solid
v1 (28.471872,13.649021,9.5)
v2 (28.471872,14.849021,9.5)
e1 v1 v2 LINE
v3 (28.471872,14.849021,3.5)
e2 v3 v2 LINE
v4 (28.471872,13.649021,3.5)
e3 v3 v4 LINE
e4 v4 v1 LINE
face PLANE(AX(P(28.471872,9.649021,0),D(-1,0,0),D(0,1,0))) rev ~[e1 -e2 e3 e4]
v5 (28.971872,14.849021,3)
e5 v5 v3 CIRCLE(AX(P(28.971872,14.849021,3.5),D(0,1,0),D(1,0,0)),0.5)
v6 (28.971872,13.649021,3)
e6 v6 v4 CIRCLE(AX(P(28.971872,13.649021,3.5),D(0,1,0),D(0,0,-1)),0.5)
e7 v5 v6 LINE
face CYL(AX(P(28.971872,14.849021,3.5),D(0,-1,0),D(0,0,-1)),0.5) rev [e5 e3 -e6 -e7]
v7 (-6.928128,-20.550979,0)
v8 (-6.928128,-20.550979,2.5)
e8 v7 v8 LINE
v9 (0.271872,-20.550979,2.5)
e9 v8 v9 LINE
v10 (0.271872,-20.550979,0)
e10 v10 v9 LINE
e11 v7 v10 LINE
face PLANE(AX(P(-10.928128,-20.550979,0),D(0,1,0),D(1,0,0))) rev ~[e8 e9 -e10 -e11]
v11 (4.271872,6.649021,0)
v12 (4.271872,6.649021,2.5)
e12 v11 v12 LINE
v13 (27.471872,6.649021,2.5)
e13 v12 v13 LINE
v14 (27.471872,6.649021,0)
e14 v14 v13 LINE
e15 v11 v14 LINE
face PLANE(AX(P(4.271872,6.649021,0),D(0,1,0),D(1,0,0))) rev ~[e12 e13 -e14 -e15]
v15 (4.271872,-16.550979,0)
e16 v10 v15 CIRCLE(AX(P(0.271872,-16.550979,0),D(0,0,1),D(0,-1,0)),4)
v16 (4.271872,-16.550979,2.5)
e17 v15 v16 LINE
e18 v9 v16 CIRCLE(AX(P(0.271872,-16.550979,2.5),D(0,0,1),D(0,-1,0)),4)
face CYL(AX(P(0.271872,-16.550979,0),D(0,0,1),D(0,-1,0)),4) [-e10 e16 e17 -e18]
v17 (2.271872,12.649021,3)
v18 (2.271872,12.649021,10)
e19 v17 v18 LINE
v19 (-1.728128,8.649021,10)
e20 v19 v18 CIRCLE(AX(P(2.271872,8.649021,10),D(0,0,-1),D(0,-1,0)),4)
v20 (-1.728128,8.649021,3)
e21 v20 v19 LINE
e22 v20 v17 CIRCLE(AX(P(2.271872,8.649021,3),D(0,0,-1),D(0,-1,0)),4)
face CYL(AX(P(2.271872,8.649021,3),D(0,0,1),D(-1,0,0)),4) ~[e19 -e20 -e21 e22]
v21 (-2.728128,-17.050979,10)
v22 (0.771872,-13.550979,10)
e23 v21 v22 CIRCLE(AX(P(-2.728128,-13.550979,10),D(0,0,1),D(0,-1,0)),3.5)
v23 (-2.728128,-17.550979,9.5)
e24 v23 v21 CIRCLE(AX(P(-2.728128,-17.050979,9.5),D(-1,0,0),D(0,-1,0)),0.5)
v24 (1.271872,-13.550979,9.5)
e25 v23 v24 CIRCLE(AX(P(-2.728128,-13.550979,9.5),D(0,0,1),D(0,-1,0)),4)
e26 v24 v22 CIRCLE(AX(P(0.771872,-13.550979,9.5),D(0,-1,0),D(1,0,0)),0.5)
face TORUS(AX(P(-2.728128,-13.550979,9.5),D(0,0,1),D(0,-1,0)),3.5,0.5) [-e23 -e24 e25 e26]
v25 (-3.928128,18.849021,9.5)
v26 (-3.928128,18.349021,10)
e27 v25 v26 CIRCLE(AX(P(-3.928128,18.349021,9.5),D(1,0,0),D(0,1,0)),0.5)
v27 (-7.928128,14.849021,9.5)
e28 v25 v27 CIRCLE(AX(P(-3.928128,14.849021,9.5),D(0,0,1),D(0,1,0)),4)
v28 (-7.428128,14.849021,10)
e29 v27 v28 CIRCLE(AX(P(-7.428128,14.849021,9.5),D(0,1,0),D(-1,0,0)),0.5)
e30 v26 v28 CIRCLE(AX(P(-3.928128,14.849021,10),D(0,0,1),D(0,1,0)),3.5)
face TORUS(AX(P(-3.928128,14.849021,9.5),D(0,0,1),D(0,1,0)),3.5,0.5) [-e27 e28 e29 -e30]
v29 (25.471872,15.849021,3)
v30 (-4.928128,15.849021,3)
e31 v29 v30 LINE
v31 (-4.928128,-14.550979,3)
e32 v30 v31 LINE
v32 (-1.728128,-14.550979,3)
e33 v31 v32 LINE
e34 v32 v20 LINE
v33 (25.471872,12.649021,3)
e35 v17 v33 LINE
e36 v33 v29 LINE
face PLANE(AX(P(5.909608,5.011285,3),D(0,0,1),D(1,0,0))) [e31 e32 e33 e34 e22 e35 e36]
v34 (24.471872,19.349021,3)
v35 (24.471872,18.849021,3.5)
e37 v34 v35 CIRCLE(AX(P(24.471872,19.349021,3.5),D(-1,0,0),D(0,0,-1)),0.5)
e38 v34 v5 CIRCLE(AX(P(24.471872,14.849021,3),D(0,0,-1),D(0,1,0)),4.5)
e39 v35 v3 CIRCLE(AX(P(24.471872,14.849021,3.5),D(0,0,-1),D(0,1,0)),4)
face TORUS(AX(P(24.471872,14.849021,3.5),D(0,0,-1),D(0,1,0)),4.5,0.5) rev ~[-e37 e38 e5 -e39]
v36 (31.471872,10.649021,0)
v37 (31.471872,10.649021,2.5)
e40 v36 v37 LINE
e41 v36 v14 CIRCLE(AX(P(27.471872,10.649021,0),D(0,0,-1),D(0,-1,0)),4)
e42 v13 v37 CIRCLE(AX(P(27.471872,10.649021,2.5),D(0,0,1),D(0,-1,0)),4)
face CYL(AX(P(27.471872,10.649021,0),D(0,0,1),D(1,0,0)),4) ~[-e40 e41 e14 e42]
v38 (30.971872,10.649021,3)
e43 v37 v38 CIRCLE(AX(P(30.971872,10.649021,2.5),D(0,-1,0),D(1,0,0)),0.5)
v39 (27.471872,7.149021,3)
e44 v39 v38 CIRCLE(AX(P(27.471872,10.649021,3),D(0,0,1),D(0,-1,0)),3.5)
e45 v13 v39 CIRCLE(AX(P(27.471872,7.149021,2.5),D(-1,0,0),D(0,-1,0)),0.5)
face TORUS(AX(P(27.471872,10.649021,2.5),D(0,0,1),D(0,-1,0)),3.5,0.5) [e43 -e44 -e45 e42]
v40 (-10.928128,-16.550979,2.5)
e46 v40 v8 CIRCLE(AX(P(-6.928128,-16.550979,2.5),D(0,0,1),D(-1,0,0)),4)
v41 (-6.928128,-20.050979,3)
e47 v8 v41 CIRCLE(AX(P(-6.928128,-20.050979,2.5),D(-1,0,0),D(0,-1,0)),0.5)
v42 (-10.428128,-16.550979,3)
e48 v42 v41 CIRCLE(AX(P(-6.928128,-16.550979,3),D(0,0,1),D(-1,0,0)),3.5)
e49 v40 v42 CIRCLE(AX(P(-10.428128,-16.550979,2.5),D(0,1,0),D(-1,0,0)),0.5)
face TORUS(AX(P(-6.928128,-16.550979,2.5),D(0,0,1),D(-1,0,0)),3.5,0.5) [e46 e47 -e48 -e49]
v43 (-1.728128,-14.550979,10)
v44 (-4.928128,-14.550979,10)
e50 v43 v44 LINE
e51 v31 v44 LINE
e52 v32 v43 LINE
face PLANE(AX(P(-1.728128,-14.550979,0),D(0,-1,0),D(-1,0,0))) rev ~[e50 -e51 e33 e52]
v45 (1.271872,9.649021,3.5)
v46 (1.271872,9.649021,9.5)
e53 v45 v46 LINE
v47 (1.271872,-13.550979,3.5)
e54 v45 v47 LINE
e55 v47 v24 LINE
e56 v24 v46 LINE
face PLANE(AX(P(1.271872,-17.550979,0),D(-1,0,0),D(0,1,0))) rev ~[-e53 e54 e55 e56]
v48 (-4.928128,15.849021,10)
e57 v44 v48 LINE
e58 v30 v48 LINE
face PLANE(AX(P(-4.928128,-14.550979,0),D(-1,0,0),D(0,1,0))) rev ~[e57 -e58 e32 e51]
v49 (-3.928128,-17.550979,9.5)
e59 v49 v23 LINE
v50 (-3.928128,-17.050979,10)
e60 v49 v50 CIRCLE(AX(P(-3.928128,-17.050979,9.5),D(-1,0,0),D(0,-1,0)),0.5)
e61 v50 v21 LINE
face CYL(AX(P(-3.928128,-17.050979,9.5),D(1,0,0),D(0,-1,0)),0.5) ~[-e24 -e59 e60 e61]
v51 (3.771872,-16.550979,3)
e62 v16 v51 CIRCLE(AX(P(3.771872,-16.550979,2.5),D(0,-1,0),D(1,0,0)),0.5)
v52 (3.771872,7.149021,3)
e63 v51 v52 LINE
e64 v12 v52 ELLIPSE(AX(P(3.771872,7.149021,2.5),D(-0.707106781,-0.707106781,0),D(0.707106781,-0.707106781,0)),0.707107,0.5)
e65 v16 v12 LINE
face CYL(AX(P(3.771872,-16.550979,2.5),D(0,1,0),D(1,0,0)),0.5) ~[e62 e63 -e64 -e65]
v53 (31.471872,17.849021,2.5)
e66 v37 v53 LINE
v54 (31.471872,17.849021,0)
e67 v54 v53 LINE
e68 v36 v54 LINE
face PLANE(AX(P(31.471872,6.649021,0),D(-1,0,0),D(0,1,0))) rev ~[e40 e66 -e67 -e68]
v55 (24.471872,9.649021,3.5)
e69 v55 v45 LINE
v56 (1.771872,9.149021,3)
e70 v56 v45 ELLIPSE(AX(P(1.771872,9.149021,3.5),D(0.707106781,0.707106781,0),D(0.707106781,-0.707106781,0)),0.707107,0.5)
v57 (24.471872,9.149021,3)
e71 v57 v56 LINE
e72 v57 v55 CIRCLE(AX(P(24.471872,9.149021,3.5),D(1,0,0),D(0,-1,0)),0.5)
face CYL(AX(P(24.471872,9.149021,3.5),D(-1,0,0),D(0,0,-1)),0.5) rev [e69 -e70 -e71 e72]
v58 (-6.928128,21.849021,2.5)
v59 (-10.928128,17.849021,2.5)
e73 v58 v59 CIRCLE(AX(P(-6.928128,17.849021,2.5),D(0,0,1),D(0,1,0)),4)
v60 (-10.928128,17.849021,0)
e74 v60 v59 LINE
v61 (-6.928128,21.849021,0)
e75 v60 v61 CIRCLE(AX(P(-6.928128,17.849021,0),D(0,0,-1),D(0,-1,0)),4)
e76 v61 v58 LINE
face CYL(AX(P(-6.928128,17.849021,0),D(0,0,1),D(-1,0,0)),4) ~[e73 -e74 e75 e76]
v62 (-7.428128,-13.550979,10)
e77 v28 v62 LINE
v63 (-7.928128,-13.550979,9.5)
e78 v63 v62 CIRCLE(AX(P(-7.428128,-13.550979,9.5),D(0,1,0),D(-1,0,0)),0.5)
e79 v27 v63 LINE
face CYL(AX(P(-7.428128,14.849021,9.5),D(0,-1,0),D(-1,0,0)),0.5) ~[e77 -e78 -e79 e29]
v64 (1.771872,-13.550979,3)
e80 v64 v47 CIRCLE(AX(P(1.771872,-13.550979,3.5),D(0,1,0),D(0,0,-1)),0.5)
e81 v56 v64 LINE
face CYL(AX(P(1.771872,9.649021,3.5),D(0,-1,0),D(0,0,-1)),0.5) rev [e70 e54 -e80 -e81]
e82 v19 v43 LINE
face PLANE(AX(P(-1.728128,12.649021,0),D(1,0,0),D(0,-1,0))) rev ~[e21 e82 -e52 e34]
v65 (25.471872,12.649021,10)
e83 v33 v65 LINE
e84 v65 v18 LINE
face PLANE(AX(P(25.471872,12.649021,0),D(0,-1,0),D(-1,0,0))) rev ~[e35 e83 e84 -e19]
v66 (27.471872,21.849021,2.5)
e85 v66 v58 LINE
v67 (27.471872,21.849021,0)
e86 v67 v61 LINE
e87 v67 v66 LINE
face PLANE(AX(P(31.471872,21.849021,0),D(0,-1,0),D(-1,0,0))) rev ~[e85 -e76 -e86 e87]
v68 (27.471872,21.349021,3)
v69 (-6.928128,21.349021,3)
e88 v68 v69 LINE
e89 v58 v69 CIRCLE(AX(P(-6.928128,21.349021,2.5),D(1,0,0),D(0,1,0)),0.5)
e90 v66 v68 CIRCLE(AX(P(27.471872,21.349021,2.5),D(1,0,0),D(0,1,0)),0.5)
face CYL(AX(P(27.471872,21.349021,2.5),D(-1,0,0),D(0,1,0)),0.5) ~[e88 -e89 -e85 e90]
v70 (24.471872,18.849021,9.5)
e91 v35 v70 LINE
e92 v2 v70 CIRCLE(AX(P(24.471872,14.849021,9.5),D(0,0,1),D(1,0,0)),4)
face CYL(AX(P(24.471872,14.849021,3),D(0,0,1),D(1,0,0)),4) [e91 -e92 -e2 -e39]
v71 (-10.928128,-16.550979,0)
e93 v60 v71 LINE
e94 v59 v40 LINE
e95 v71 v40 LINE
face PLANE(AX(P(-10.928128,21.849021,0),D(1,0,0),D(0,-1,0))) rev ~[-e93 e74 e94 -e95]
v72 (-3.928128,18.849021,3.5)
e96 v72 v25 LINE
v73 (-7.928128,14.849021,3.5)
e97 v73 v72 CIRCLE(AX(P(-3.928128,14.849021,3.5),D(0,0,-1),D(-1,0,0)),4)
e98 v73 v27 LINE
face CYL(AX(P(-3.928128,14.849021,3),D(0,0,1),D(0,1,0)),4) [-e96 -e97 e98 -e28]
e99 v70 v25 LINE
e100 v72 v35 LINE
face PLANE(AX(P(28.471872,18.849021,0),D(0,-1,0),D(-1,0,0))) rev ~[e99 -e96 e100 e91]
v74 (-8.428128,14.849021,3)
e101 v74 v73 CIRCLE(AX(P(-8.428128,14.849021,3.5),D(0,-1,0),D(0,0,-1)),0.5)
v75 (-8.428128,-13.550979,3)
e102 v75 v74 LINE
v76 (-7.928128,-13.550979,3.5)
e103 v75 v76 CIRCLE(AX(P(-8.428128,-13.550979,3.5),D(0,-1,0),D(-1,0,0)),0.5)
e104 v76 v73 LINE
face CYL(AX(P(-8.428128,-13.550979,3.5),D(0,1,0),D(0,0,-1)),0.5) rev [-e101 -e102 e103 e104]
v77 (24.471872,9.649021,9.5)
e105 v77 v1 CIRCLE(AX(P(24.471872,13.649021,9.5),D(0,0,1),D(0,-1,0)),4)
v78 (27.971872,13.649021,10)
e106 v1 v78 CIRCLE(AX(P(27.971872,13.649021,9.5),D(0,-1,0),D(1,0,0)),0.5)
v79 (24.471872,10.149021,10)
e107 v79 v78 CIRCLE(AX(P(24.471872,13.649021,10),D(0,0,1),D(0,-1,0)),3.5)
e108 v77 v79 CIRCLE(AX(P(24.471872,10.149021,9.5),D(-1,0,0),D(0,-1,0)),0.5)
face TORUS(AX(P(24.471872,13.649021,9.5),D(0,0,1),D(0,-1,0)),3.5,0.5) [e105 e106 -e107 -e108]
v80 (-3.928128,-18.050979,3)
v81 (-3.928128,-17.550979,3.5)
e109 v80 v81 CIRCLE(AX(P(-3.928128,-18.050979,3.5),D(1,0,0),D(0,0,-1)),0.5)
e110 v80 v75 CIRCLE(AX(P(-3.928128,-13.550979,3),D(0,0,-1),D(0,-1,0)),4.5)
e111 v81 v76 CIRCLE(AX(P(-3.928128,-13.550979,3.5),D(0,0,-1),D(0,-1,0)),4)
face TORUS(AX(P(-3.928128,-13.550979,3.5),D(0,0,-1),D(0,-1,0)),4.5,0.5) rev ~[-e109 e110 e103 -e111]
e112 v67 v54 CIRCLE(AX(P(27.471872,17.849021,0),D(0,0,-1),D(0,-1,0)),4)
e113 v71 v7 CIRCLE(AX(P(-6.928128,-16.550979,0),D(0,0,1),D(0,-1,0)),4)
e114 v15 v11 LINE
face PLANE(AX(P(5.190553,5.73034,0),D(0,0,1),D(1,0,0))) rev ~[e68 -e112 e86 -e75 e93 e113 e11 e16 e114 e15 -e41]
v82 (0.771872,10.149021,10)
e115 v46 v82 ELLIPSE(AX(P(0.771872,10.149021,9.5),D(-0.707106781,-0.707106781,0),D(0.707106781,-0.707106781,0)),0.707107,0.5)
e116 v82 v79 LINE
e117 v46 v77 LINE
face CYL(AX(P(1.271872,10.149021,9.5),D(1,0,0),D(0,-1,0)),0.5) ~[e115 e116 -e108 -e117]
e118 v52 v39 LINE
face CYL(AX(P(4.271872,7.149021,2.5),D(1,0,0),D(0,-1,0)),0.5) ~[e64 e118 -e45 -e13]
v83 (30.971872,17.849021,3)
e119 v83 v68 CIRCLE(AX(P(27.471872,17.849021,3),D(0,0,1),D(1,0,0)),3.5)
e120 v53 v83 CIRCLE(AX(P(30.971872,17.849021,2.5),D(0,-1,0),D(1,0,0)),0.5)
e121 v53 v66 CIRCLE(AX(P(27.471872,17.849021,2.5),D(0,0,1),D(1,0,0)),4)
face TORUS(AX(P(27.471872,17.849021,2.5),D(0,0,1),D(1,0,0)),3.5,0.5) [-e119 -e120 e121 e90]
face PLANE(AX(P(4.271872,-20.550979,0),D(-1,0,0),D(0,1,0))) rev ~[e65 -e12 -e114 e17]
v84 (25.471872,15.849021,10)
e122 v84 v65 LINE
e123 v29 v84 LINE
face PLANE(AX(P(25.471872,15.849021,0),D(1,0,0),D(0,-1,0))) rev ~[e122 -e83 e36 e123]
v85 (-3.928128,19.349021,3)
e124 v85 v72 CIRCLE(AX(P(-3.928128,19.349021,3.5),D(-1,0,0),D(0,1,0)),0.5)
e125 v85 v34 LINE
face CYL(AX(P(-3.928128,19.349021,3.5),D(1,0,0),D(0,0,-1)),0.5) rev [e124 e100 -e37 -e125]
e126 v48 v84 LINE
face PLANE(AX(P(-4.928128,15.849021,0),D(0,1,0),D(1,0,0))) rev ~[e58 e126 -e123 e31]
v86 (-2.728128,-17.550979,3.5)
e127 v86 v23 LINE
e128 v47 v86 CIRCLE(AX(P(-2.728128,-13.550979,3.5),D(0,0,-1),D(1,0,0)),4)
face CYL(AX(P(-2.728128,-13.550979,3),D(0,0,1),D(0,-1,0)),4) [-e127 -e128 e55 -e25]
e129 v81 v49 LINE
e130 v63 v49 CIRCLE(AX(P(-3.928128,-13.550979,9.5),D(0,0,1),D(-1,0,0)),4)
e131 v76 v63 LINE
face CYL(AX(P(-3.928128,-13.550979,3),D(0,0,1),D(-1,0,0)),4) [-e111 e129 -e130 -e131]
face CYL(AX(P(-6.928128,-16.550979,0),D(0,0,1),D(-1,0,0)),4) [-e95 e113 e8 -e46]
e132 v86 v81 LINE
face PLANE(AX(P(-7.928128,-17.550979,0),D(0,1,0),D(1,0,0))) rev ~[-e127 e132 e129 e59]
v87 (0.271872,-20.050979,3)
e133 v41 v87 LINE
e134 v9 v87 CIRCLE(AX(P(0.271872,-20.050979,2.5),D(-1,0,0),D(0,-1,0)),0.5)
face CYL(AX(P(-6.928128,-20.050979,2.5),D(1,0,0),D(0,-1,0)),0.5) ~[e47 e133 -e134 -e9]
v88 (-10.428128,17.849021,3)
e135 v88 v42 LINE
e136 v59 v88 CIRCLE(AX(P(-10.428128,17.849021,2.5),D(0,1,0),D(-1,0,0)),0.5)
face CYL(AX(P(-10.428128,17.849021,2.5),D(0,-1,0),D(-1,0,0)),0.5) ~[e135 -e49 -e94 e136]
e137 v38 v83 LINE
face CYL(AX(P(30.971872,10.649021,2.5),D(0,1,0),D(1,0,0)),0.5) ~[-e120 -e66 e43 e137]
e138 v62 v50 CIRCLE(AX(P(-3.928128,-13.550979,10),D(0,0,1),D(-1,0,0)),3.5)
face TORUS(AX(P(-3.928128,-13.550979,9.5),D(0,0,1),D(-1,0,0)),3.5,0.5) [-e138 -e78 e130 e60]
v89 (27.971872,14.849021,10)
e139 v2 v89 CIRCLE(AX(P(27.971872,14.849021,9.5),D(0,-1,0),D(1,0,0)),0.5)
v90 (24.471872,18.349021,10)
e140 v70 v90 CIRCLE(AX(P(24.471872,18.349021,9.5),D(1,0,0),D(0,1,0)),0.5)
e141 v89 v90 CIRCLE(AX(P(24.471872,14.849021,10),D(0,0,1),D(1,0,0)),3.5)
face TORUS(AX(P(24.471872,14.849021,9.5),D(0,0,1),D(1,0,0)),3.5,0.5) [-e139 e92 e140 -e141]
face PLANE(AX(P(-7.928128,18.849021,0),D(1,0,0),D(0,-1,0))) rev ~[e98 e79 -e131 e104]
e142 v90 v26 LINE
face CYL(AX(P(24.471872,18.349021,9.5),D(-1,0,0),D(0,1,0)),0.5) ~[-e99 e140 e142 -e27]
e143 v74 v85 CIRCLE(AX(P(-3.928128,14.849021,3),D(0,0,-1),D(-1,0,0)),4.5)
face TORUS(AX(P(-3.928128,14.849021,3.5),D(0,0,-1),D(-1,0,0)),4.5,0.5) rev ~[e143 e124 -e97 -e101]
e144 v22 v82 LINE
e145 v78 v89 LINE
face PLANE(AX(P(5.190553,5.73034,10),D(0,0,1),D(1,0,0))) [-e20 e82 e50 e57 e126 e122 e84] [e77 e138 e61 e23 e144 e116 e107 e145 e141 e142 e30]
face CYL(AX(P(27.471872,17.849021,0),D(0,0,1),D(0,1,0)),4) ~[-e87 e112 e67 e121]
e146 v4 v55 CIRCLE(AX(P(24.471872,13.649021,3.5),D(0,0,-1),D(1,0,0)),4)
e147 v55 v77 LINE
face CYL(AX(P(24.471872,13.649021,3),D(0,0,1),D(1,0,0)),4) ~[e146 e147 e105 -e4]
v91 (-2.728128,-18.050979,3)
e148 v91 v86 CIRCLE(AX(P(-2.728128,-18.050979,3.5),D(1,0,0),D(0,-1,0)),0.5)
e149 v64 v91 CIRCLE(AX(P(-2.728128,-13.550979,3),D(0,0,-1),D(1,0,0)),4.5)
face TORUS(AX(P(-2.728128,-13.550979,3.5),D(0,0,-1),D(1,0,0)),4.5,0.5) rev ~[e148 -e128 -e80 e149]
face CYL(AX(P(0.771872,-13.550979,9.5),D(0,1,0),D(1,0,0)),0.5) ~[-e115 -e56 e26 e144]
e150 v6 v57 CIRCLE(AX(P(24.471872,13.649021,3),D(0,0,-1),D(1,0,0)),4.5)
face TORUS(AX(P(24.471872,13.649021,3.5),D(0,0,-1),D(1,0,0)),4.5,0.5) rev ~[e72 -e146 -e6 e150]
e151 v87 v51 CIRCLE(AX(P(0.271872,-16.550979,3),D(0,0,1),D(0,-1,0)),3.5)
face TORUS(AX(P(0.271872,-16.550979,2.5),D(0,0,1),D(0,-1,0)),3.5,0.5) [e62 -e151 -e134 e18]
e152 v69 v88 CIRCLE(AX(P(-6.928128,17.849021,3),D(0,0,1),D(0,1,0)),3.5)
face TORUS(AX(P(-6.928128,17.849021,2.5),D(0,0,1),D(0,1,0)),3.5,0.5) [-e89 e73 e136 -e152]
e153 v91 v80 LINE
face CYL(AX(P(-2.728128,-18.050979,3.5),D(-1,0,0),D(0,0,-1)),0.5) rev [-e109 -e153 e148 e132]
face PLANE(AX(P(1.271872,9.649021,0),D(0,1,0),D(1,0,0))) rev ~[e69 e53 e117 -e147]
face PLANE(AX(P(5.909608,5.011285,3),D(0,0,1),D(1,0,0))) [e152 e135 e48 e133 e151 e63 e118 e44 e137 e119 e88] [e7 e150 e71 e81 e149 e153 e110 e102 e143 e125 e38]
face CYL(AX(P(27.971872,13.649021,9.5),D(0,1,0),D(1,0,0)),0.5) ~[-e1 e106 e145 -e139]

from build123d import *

# Parameters (mm, degrees)
F1_DEPTH = 3
F2_DEPTH = 10
F3_R     = 4
F4_R     = 0.5


with BuildPart() as f1:
    # F0 (on Top) → F1 (new body)
    with BuildSketch(Plane.XY):
        Polygon((-10.9281279506, 21.8490213156), (-10.9281279506, -20.5509786844), (4.2718720494, -20.5509786844), (4.2718720494, 6.6490213156), (31.4718720494, 6.6490213156), (31.4718720494, 21.8490213156), align=None)
        Polygon((28.4718720494, 18.8490213156), (28.4718720494, 9.6490213156), (1.2718720494, 9.6490213156), (1.2718720494, -17.5509786844), (-7.9281279506, -17.5509786844), (-7.9281279506, 18.8490213156), align=None, mode=Mode.SUBTRACT)
        Polygon((1.2718720494, 9.6490213156), (28.4718720494, 9.6490213156), (28.4718720494, 18.8490213156), (-7.9281279506, 18.8490213156), (-7.9281279506, -17.5509786844), (1.2718720494, -17.5509786844), align=None)
        Polygon((-1.7281279506, -14.5509786844), (-4.9281279506, -14.5509786844), (-4.9281279506, 15.8490213156), (25.4718720494, 15.8490213156), (25.4718720494, 12.6490213156), (-1.7281279506, 12.6490213156), align=None, mode=Mode.SUBTRACT)
        Polygon((-4.9281279506, 15.8490213156), (-4.9281279506, -14.5509786844), (-1.7281279506, -14.5509786844), (-1.7281279506, 12.6490213156), (25.4718720494, 12.6490213156), (25.4718720494, 15.8490213156), align=None)
    extrude(amount=F1_DEPTH)

    # F0 (on Top) → F2 (join)
    with BuildSketch(Plane.XY):
        Polygon((1.2718720494, 9.6490213156), (28.4718720494, 9.6490213156), (28.4718720494, 18.8490213156), (-7.9281279506, 18.8490213156), (-7.9281279506, -17.5509786844), (1.2718720494, -17.5509786844), align=None)
        Polygon((-1.7281279506, -14.5509786844), (-4.9281279506, -14.5509786844), (-4.9281279506, 15.8490213156), (25.4718720494, 15.8490213156), (25.4718720494, 12.6490213156), (-1.7281279506, 12.6490213156), align=None, mode=Mode.SUBTRACT)
    extrude(amount=F2_DEPTH)

    # F3
    f3_edges = [f1.edges().sort_by_distance(p)[0] for p in [
        (4.271872, -20.550979, 1.5),
        (31.471872, 6.649021, 1.5),
        (31.471872, 21.849021, 1.5),
        (-10.928128, 21.849021, 1.5),
        (-10.928128, -20.550979, 1.5),
        (1.271872, -17.550979, 6.5),
        (28.471872, 9.649021, 6.5),
        (28.471872, 18.849021, 6.5),
        (-7.928128, -17.550979, 6.5),
        (-1.728128, 12.649021, 6.5),
        (-7.928128, 18.849021, 6.5),
    ]]
    fillet(f3_edges, radius=F3_R)

    # F4
    f4_edges = [f1.edges().sort_by_distance(p)[0] for p in [
        (-10.928128, 0.649021, 3),
        (-9.756555, 20.677448, 3),
        (-9.756555, -19.379406, 3),
        (10.271872, 21.849021, 3),
        (-3.328128, -20.550979, 3),
        (30.300299, 20.677448, 3),
        (3.100299, -19.379406, 3),
        (31.471872, 14.249021, 3),
        (4.271872, -4.950979, 3),
        (30.300299, 7.820594, 3),
        (15.871872, 6.649021, 3),
        (1.271872, -1.950979, 3),
        (0.100299, -16.379406, 3),
        (12.871872, 9.649021, 3),
        (-3.328128, -17.550979, 3),
        (27.300299, 10.820594, 3),
        (-6.756555, -16.379406, 3),
        (28.471872, 14.249021, 3),
        (-7.928128, 0.649021, 3),
        (27.300299, 17.677448, 3),
        (-6.756555, 17.677448, 3),
        (10.271872, 18.849021, 3),
        (-7.928128, 0.649021, 10),
        (-6.756555, 17.677448, 10),
        (10.271872, 18.849021, 10),
        (27.300299, 17.677448, 10),
    ]]
    fillet(f4_edges, radius=F4_R)


solid = f1.part
